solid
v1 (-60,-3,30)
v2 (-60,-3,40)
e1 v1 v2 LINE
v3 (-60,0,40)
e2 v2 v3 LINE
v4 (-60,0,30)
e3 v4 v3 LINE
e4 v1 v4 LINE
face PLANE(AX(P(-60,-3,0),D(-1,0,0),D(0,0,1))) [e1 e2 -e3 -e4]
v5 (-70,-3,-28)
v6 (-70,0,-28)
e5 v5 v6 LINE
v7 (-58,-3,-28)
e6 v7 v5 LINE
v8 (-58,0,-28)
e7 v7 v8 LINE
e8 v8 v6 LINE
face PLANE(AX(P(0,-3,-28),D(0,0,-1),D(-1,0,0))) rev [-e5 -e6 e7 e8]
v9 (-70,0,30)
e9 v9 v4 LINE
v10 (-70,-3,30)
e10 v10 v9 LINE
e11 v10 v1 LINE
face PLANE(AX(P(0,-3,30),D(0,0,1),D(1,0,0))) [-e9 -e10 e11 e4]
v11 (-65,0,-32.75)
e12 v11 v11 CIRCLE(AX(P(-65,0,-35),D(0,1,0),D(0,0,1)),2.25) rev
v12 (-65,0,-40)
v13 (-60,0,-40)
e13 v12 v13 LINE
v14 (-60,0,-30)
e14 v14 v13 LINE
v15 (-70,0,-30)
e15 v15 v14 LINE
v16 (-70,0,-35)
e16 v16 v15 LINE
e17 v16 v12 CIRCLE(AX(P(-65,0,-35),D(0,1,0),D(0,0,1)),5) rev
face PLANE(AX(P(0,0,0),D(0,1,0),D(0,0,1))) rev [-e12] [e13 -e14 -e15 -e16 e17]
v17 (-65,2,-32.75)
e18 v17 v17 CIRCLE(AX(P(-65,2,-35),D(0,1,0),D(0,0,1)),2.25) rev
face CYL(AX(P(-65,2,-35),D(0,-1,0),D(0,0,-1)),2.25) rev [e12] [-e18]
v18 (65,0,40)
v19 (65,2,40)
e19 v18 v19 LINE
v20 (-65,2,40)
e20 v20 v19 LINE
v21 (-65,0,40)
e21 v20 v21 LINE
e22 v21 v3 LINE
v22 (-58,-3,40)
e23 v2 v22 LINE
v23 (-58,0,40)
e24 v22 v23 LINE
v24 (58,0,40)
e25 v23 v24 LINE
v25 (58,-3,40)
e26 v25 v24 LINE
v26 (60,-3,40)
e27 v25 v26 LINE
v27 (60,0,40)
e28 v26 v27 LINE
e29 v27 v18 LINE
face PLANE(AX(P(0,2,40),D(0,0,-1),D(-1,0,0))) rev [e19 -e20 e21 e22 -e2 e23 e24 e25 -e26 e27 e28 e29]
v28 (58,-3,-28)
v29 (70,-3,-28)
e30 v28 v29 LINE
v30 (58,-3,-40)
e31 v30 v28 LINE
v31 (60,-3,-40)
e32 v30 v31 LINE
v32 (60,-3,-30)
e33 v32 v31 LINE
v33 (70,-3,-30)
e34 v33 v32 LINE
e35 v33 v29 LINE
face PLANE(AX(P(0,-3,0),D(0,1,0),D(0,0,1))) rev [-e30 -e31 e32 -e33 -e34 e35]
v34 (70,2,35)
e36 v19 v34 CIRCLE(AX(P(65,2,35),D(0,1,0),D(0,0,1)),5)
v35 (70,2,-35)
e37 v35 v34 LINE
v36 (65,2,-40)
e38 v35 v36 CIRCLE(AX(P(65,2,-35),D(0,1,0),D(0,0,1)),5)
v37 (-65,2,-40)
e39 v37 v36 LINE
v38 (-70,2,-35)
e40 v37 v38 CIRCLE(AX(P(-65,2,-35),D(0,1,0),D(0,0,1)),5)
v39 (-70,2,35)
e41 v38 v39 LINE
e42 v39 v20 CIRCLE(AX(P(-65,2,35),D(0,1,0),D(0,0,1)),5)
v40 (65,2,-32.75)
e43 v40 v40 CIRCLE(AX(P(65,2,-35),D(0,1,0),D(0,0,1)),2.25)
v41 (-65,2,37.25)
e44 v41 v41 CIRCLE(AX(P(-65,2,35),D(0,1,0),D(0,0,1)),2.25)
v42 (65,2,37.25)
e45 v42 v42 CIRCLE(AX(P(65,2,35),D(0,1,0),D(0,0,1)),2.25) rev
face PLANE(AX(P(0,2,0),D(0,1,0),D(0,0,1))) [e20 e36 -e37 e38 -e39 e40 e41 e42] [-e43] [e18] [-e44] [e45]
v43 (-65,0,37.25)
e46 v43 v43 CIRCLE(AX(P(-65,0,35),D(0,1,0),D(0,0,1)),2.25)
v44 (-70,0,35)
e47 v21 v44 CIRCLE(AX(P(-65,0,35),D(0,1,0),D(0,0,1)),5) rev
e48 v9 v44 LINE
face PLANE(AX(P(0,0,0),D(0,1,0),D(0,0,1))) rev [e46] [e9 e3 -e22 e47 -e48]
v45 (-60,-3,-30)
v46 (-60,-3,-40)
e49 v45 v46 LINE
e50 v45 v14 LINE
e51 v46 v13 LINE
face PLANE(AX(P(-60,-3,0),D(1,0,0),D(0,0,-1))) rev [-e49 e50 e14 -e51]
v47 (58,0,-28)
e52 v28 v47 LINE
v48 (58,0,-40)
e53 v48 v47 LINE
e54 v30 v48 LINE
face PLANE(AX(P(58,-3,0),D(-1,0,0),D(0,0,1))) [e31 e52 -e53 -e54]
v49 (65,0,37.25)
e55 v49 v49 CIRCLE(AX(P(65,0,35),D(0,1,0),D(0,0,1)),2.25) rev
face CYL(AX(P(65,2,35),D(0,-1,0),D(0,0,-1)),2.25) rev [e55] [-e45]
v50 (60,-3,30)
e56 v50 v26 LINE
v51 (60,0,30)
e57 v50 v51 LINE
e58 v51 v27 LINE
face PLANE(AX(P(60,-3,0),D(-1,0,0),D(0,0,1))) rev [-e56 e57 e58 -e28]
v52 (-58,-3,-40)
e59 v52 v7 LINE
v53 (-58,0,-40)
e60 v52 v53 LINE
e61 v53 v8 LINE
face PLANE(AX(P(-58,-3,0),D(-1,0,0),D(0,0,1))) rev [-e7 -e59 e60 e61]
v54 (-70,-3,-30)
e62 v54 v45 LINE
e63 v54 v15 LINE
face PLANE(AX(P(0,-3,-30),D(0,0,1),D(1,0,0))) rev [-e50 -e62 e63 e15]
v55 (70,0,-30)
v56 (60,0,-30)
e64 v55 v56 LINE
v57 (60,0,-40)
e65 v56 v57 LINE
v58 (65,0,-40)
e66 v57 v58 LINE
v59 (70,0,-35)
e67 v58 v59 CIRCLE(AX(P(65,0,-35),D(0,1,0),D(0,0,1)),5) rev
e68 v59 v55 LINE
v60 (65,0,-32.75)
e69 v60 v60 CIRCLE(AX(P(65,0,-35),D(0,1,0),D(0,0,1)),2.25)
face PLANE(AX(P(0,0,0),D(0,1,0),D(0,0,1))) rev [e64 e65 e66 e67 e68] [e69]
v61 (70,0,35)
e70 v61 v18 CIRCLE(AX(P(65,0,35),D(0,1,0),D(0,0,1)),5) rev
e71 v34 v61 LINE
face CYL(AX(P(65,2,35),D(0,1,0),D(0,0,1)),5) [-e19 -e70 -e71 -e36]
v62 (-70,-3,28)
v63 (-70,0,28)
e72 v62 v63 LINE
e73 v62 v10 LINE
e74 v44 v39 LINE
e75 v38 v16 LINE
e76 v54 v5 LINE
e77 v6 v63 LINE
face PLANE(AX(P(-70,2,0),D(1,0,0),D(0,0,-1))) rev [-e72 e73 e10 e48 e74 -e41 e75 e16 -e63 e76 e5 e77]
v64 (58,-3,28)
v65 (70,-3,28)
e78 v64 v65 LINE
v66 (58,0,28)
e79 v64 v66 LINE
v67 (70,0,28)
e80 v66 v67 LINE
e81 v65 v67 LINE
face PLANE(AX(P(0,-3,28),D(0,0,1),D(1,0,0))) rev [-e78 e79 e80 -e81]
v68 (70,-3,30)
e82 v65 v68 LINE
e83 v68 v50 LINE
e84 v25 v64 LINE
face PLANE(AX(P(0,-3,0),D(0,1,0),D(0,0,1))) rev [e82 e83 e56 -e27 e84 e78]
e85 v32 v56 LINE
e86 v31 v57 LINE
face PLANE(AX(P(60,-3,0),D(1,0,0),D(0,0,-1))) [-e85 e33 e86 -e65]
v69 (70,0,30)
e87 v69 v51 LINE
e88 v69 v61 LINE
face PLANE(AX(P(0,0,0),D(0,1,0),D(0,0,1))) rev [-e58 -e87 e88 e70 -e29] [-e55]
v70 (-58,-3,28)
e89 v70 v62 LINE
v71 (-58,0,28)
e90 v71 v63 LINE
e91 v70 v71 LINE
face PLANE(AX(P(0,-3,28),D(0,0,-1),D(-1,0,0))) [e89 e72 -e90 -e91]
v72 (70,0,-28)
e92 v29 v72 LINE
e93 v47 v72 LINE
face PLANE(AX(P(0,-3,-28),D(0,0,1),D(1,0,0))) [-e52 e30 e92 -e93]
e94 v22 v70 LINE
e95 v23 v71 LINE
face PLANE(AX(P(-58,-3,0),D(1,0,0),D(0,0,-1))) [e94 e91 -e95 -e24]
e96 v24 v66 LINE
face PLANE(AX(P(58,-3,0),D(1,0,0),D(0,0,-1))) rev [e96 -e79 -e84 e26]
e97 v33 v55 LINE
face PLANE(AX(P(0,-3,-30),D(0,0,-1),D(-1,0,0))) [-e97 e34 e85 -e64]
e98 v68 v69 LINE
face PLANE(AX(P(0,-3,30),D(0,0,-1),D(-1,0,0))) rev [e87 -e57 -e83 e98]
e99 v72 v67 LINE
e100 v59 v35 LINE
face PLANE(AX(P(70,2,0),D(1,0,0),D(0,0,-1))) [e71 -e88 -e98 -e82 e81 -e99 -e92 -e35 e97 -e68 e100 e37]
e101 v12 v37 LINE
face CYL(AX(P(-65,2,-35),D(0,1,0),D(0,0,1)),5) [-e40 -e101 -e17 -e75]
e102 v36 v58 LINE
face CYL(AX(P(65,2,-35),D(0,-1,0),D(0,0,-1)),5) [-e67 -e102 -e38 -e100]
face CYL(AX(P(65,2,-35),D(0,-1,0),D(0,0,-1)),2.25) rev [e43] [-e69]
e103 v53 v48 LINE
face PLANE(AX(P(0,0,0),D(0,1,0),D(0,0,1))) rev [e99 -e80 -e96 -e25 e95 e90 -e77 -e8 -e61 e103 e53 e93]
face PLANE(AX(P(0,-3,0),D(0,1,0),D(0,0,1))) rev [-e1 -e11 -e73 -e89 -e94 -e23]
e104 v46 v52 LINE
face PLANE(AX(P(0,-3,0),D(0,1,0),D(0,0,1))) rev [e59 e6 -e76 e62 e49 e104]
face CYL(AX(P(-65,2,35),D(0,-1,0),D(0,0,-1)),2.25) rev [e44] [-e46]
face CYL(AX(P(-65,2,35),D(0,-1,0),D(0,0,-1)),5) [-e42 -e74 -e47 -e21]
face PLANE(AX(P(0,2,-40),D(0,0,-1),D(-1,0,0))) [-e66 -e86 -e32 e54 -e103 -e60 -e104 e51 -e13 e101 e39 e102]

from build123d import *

# Parameters (mm, degrees)
SKETCH1_W           = 140
SKETCH1_H           = 80
SKETCH1_R           = 2.25
BOSS_EXTRUDE4_DEPTH = 2
BOSS_EXTRUDE5_DEPTH = 3
FILLET1_R           = 5


with BuildPart() as part:
    # Sketch1 → Boss-Extrude4 (new body)
    with BuildSketch(Plane(origin=(0, 0, 0), x_dir=(1, 0, 0), z_dir=(0, 1, 0))):
        Rectangle(SKETCH1_W, SKETCH1_H)
        with Locations((65, 35)):
            Circle(SKETCH1_R, mode=Mode.SUBTRACT)
        with Locations((65, -35)):
            Circle(SKETCH1_R, mode=Mode.SUBTRACT)
        with Locations((-65, -35)):
            Circle(SKETCH1_R, mode=Mode.SUBTRACT)
        with Locations((-65, 35)):
            Circle(SKETCH1_R, mode=Mode.SUBTRACT)
    extrude(amount=BOSS_EXTRUDE4_DEPTH)

    # Sketch1<5> → Boss-Extrude5 (add)
    with BuildSketch(Plane(origin=(0, 0, 0), x_dir=(1, 0, 0), z_dir=(0, 1, 0))):
        Polygon((70, 28), (70, 30), (60, 30), (60, 40), (58, 40), (58, 28), align=None)
        Polygon((70, -30), (70, -28), (58, -28), (58, -40), (60, -40), (60, -30), align=None)
        Polygon((-58, 28), (-58, 40), (-60, 40), (-60, 30), (-70, 30), (-70, 28), align=None)
        Polygon((-60, -40), (-58, -40), (-58, -28), (-70, -28), (-70, -30), (-60, -30), align=None)
    extrude(amount=-BOSS_EXTRUDE5_DEPTH)

    # Fillet1
    fillet1_edges = [part.edges().sort_by_distance(p)[0] for p in [
        (70, 1, -40),
        (-70, 1, -40),
        (-70, 1, 40),
        (70, 1, 40),
    ]]
    fillet(fillet1_edges, radius=FILLET1_R)


solid = part.part
